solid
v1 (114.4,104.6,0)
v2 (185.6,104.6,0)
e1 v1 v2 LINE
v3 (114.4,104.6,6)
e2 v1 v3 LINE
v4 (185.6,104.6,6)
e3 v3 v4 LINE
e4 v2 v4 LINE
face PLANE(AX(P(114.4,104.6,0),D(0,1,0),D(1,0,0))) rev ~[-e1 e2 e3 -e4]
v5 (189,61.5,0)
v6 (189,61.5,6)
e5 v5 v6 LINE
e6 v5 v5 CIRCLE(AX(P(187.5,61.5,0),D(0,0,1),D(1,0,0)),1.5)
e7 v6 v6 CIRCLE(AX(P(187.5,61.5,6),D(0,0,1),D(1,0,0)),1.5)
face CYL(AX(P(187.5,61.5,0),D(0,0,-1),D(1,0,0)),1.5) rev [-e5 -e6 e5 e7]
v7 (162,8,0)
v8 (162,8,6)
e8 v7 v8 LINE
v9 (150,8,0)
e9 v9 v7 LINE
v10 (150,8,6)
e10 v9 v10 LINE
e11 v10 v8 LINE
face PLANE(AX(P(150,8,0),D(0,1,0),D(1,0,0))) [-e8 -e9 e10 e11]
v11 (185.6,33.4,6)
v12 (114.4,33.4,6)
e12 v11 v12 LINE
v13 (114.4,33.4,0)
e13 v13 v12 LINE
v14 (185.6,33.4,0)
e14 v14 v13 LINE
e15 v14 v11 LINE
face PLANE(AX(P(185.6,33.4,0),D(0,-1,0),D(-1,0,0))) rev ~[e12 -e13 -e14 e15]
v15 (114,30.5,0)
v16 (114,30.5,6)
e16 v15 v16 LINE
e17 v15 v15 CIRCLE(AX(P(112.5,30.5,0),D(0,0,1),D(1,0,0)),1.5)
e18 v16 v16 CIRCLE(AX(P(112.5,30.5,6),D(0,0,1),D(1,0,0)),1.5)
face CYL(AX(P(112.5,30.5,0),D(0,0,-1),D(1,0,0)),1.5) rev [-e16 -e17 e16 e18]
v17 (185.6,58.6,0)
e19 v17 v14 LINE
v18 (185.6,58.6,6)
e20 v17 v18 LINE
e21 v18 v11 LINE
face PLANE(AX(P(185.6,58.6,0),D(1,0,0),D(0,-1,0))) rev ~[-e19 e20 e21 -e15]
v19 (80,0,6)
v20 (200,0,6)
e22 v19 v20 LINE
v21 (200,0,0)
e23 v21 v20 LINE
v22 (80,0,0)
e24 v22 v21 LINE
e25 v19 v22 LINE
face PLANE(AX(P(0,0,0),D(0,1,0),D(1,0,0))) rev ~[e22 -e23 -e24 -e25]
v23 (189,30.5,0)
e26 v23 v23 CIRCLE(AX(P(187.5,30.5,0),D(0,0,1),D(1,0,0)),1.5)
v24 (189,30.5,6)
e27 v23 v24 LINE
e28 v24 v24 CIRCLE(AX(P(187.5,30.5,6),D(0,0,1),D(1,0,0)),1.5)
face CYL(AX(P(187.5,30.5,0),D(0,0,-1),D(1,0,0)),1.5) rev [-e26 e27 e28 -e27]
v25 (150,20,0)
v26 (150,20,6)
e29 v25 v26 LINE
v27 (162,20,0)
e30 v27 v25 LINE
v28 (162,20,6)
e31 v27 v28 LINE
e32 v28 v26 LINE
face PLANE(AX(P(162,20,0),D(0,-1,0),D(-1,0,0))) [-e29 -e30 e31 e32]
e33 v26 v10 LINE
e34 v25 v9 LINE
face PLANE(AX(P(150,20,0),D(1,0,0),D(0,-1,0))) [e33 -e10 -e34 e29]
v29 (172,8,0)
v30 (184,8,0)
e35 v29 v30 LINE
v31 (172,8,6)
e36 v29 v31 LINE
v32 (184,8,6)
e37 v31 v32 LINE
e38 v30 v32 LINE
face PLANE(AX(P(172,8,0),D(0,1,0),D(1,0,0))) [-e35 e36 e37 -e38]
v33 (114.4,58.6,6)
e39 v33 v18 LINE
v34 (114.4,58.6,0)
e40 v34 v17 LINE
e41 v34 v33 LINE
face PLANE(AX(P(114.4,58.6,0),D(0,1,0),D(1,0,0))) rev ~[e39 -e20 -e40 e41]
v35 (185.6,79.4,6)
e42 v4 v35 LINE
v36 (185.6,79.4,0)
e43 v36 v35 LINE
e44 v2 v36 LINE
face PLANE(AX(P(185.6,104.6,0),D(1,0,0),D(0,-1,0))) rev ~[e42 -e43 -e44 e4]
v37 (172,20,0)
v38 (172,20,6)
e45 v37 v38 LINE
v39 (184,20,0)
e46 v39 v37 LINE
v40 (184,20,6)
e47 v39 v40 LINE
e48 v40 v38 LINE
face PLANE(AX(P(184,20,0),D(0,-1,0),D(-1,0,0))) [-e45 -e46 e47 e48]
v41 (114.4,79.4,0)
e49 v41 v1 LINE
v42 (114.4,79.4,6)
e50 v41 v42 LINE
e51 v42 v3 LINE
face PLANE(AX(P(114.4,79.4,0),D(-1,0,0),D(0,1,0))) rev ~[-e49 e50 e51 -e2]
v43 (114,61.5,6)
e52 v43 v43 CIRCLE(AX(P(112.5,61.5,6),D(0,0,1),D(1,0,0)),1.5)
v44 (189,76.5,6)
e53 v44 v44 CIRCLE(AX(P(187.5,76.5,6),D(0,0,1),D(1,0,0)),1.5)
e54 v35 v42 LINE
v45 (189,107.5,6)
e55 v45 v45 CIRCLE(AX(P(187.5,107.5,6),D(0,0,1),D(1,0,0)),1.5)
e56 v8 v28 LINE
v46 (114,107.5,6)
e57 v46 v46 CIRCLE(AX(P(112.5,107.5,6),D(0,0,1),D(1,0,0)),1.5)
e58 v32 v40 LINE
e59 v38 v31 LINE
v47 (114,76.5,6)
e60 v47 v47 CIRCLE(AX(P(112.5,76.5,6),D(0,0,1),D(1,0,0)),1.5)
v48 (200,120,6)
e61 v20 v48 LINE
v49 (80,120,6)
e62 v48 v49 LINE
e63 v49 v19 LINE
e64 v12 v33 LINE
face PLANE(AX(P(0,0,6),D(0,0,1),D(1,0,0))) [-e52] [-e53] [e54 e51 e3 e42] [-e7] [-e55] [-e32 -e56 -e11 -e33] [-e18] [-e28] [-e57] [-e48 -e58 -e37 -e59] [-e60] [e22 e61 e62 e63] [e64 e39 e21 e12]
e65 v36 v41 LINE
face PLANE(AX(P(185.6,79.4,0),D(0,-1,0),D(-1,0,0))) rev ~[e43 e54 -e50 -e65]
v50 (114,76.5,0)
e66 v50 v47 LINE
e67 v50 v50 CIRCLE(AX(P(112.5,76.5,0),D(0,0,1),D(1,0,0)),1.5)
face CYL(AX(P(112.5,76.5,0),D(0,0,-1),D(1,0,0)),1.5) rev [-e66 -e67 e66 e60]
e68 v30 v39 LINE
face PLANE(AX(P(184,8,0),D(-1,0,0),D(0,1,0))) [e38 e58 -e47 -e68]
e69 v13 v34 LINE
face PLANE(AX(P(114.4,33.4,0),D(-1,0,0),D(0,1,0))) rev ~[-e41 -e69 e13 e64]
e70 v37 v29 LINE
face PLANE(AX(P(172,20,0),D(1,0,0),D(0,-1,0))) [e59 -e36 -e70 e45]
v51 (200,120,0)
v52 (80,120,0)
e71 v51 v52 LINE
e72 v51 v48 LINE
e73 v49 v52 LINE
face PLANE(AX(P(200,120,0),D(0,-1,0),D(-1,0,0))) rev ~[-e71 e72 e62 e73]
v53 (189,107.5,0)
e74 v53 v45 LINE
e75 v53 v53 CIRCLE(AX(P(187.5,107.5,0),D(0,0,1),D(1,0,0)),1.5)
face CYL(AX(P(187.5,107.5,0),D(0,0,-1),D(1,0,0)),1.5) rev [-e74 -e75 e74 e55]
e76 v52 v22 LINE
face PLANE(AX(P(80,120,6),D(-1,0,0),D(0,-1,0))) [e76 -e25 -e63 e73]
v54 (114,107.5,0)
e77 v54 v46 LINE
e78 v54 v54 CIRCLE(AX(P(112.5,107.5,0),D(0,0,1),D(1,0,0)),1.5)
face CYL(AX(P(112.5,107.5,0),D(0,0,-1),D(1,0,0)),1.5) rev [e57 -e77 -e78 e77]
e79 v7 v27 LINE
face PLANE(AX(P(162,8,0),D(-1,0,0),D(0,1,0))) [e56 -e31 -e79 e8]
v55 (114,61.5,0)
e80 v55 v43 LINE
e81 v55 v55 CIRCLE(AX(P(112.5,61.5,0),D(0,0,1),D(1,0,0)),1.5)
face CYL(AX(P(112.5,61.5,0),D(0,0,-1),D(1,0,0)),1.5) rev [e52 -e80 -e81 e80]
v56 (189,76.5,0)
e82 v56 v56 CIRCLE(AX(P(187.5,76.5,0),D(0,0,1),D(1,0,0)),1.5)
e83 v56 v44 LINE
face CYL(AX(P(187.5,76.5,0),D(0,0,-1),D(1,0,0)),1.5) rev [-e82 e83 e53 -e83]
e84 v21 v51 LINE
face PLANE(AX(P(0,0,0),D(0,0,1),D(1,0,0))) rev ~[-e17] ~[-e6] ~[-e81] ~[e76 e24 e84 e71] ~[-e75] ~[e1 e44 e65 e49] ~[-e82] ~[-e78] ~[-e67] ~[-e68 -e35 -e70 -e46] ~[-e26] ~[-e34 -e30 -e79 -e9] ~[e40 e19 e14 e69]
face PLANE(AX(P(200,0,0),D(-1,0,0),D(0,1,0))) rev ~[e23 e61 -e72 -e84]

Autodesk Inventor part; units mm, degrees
ref_plane "YZ Plane" through (0, 0, 0) normal (1, 0, 0) x (0, 1, 0)
ref_plane "XZ Plane" through (0, 0, 0) normal (0, 1, 0) x (-1, 0, 0)
ref_plane "XY Plane" through (0, 0, 0) normal (0, 0, 1) x (1, 0, 0)
sketch "Sketch1" plane through (0, 0, 0) normal (0, 0, 1) x (1, 0, 0)
  line L0 (0, 0) -> (200, 0)
  line L1 (200, 0) -> (200, 120)
  line L2 (200, 120) -> (0, 120)
  line L3 (0, 120) -> (0, 0)
  line L4 (110, 110) -> (190, 110) construction
  line L5 (190, 110) -> (190, 74) construction
  line L6 (190, 74) -> (110, 74) construction
  line L7 (110, 74) -> (110, 110) construction
  line L8 (110, 64) -> (190, 64) construction
  line L9 (190, 64) -> (190, 28) construction
  line L10 (190, 28) -> (110, 28) construction
  line L11 (110, 28) -> (110, 64) construction
  circle A0 centre (112.5, 107.5) radius 1.5
  circle A1 centre (112.5, 61.5) radius 1.5
  circle A2 centre (187.5, 61.5) radius 1.5
  circle A3 centre (112.5, 30.5) radius 1.5
  circle A4 centre (187.5, 30.5) radius 1.5
  circle A5 centre (187.5, 107.5) radius 1.5
  circle A6 centre (112.5, 76.5) radius 1.5
  circle A7 centre (187.5, 76.5) radius 1.5
  line L12 (114.4, 104.6) -> (185.6, 104.6)
  line L13 (185.6, 104.6) -> (185.6, 79.4)
  line L14 (185.6, 79.4) -> (114.4, 79.4)
  line L15 (114.4, 79.4) -> (114.4, 104.6)
  line L16 (114.4, 58.6) -> (185.6, 58.6)
  line L17 (185.6, 58.6) -> (185.6, 33.4)
  line L18 (185.6, 33.4) -> (114.4, 33.4)
  line L19 (114.4, 33.4) -> (114.4, 58.6)
  dimension "d0" = 200
  dimension "d1" = 120
  dimension "d4" = 80
  dimension "d5" = 36
  dimension "d6" = 80
  dimension "d7" = 36
  dimension "d8" = 110
  dimension "d9" = 110
  dimension "d10" = 10
  dimension "d11" = 10
  dimension "d12" = 3
  dimension "d13" = 2.5
  dimension "d14" = 2.5
  dimension "d15" = 3
  dimension "d16" = 2.5
  dimension "d17" = 2.5
  dimension "d20" = 75
  dimension "d23" = 31
  dimension "d28" = 75
  dimension "d31" = 31
  dimension "d34" = 5.4
  dimension "d35" = 4.4
  dimension "d36" = 4.4
  dimension "d37" = 5.4
  dimension "d38" = 5.4
  dimension "d39" = 4.4
  dimension "d40" = 5.4
  dimension "d41" = 4.4
extrude "Extrusion1" add sketch "Sketch1" along normal blind 6
extrude "Extrusion2" cut sketch "Sketch1" along normal blind 75 contours A0 | A1 | A2 | A3 | A4 | A5 | A6 | A7 | L12 L13 L14 L15 | L16 L17 L18 L19
sketch "Sketch2" plane through (0, 0, 0) normal (0, 0, -1) x (-1, 0, 0)
  line L0 (-150, 8) -> (-162, 8)
  line L1 (-162, 8) -> (-162, 20)
  line L2 (-162, 20) -> (-150, 20)
  line L3 (-150, 20) -> (-150, 8)
  line L4 (-172, 8) -> (-184, 8)
  line L5 (-184, 8) -> (-184, 20)
  line L6 (-184, 20) -> (-172, 20)
  line L7 (-172, 20) -> (-172, 8)
  line L8 (0, 120) -> (0, 0) projected
  line L9 (-200, 120) -> (0, 120) projected
  point P0 (-150, 14)
  point P1 (-172, 14)
  dimension "d44" = 12
  dimension "d45" = 12
  dimension "d46" = 12
  dimension "d47" = 12
  dimension "d48" = 150
  dimension "d49" = 10
  dimension "d50" = 100
  dimension "d51" = 100
extrude "Extrusion3" cut sketch "Sketch2" against normal blind 6
sketch "Sketch3" plane through (0, 0, 6) normal (0, 0, 1) x (1, 0, 0)
  line L0 (0, 0) -> (200, 0) projected
  line L1 (0, 120) -> (80, 120)
  line L2 (80, 120) -> (80, 0)
  line L3 (80, 0) -> (0, 0)
  line L4 (0, 0) -> (0, 120)
  dimension "d54" = 80
extrude "Extrusion4" cut sketch "Sketch3" against normal blind 10
equation "\"d42\" = d28"
properties part number "lcd holder"
